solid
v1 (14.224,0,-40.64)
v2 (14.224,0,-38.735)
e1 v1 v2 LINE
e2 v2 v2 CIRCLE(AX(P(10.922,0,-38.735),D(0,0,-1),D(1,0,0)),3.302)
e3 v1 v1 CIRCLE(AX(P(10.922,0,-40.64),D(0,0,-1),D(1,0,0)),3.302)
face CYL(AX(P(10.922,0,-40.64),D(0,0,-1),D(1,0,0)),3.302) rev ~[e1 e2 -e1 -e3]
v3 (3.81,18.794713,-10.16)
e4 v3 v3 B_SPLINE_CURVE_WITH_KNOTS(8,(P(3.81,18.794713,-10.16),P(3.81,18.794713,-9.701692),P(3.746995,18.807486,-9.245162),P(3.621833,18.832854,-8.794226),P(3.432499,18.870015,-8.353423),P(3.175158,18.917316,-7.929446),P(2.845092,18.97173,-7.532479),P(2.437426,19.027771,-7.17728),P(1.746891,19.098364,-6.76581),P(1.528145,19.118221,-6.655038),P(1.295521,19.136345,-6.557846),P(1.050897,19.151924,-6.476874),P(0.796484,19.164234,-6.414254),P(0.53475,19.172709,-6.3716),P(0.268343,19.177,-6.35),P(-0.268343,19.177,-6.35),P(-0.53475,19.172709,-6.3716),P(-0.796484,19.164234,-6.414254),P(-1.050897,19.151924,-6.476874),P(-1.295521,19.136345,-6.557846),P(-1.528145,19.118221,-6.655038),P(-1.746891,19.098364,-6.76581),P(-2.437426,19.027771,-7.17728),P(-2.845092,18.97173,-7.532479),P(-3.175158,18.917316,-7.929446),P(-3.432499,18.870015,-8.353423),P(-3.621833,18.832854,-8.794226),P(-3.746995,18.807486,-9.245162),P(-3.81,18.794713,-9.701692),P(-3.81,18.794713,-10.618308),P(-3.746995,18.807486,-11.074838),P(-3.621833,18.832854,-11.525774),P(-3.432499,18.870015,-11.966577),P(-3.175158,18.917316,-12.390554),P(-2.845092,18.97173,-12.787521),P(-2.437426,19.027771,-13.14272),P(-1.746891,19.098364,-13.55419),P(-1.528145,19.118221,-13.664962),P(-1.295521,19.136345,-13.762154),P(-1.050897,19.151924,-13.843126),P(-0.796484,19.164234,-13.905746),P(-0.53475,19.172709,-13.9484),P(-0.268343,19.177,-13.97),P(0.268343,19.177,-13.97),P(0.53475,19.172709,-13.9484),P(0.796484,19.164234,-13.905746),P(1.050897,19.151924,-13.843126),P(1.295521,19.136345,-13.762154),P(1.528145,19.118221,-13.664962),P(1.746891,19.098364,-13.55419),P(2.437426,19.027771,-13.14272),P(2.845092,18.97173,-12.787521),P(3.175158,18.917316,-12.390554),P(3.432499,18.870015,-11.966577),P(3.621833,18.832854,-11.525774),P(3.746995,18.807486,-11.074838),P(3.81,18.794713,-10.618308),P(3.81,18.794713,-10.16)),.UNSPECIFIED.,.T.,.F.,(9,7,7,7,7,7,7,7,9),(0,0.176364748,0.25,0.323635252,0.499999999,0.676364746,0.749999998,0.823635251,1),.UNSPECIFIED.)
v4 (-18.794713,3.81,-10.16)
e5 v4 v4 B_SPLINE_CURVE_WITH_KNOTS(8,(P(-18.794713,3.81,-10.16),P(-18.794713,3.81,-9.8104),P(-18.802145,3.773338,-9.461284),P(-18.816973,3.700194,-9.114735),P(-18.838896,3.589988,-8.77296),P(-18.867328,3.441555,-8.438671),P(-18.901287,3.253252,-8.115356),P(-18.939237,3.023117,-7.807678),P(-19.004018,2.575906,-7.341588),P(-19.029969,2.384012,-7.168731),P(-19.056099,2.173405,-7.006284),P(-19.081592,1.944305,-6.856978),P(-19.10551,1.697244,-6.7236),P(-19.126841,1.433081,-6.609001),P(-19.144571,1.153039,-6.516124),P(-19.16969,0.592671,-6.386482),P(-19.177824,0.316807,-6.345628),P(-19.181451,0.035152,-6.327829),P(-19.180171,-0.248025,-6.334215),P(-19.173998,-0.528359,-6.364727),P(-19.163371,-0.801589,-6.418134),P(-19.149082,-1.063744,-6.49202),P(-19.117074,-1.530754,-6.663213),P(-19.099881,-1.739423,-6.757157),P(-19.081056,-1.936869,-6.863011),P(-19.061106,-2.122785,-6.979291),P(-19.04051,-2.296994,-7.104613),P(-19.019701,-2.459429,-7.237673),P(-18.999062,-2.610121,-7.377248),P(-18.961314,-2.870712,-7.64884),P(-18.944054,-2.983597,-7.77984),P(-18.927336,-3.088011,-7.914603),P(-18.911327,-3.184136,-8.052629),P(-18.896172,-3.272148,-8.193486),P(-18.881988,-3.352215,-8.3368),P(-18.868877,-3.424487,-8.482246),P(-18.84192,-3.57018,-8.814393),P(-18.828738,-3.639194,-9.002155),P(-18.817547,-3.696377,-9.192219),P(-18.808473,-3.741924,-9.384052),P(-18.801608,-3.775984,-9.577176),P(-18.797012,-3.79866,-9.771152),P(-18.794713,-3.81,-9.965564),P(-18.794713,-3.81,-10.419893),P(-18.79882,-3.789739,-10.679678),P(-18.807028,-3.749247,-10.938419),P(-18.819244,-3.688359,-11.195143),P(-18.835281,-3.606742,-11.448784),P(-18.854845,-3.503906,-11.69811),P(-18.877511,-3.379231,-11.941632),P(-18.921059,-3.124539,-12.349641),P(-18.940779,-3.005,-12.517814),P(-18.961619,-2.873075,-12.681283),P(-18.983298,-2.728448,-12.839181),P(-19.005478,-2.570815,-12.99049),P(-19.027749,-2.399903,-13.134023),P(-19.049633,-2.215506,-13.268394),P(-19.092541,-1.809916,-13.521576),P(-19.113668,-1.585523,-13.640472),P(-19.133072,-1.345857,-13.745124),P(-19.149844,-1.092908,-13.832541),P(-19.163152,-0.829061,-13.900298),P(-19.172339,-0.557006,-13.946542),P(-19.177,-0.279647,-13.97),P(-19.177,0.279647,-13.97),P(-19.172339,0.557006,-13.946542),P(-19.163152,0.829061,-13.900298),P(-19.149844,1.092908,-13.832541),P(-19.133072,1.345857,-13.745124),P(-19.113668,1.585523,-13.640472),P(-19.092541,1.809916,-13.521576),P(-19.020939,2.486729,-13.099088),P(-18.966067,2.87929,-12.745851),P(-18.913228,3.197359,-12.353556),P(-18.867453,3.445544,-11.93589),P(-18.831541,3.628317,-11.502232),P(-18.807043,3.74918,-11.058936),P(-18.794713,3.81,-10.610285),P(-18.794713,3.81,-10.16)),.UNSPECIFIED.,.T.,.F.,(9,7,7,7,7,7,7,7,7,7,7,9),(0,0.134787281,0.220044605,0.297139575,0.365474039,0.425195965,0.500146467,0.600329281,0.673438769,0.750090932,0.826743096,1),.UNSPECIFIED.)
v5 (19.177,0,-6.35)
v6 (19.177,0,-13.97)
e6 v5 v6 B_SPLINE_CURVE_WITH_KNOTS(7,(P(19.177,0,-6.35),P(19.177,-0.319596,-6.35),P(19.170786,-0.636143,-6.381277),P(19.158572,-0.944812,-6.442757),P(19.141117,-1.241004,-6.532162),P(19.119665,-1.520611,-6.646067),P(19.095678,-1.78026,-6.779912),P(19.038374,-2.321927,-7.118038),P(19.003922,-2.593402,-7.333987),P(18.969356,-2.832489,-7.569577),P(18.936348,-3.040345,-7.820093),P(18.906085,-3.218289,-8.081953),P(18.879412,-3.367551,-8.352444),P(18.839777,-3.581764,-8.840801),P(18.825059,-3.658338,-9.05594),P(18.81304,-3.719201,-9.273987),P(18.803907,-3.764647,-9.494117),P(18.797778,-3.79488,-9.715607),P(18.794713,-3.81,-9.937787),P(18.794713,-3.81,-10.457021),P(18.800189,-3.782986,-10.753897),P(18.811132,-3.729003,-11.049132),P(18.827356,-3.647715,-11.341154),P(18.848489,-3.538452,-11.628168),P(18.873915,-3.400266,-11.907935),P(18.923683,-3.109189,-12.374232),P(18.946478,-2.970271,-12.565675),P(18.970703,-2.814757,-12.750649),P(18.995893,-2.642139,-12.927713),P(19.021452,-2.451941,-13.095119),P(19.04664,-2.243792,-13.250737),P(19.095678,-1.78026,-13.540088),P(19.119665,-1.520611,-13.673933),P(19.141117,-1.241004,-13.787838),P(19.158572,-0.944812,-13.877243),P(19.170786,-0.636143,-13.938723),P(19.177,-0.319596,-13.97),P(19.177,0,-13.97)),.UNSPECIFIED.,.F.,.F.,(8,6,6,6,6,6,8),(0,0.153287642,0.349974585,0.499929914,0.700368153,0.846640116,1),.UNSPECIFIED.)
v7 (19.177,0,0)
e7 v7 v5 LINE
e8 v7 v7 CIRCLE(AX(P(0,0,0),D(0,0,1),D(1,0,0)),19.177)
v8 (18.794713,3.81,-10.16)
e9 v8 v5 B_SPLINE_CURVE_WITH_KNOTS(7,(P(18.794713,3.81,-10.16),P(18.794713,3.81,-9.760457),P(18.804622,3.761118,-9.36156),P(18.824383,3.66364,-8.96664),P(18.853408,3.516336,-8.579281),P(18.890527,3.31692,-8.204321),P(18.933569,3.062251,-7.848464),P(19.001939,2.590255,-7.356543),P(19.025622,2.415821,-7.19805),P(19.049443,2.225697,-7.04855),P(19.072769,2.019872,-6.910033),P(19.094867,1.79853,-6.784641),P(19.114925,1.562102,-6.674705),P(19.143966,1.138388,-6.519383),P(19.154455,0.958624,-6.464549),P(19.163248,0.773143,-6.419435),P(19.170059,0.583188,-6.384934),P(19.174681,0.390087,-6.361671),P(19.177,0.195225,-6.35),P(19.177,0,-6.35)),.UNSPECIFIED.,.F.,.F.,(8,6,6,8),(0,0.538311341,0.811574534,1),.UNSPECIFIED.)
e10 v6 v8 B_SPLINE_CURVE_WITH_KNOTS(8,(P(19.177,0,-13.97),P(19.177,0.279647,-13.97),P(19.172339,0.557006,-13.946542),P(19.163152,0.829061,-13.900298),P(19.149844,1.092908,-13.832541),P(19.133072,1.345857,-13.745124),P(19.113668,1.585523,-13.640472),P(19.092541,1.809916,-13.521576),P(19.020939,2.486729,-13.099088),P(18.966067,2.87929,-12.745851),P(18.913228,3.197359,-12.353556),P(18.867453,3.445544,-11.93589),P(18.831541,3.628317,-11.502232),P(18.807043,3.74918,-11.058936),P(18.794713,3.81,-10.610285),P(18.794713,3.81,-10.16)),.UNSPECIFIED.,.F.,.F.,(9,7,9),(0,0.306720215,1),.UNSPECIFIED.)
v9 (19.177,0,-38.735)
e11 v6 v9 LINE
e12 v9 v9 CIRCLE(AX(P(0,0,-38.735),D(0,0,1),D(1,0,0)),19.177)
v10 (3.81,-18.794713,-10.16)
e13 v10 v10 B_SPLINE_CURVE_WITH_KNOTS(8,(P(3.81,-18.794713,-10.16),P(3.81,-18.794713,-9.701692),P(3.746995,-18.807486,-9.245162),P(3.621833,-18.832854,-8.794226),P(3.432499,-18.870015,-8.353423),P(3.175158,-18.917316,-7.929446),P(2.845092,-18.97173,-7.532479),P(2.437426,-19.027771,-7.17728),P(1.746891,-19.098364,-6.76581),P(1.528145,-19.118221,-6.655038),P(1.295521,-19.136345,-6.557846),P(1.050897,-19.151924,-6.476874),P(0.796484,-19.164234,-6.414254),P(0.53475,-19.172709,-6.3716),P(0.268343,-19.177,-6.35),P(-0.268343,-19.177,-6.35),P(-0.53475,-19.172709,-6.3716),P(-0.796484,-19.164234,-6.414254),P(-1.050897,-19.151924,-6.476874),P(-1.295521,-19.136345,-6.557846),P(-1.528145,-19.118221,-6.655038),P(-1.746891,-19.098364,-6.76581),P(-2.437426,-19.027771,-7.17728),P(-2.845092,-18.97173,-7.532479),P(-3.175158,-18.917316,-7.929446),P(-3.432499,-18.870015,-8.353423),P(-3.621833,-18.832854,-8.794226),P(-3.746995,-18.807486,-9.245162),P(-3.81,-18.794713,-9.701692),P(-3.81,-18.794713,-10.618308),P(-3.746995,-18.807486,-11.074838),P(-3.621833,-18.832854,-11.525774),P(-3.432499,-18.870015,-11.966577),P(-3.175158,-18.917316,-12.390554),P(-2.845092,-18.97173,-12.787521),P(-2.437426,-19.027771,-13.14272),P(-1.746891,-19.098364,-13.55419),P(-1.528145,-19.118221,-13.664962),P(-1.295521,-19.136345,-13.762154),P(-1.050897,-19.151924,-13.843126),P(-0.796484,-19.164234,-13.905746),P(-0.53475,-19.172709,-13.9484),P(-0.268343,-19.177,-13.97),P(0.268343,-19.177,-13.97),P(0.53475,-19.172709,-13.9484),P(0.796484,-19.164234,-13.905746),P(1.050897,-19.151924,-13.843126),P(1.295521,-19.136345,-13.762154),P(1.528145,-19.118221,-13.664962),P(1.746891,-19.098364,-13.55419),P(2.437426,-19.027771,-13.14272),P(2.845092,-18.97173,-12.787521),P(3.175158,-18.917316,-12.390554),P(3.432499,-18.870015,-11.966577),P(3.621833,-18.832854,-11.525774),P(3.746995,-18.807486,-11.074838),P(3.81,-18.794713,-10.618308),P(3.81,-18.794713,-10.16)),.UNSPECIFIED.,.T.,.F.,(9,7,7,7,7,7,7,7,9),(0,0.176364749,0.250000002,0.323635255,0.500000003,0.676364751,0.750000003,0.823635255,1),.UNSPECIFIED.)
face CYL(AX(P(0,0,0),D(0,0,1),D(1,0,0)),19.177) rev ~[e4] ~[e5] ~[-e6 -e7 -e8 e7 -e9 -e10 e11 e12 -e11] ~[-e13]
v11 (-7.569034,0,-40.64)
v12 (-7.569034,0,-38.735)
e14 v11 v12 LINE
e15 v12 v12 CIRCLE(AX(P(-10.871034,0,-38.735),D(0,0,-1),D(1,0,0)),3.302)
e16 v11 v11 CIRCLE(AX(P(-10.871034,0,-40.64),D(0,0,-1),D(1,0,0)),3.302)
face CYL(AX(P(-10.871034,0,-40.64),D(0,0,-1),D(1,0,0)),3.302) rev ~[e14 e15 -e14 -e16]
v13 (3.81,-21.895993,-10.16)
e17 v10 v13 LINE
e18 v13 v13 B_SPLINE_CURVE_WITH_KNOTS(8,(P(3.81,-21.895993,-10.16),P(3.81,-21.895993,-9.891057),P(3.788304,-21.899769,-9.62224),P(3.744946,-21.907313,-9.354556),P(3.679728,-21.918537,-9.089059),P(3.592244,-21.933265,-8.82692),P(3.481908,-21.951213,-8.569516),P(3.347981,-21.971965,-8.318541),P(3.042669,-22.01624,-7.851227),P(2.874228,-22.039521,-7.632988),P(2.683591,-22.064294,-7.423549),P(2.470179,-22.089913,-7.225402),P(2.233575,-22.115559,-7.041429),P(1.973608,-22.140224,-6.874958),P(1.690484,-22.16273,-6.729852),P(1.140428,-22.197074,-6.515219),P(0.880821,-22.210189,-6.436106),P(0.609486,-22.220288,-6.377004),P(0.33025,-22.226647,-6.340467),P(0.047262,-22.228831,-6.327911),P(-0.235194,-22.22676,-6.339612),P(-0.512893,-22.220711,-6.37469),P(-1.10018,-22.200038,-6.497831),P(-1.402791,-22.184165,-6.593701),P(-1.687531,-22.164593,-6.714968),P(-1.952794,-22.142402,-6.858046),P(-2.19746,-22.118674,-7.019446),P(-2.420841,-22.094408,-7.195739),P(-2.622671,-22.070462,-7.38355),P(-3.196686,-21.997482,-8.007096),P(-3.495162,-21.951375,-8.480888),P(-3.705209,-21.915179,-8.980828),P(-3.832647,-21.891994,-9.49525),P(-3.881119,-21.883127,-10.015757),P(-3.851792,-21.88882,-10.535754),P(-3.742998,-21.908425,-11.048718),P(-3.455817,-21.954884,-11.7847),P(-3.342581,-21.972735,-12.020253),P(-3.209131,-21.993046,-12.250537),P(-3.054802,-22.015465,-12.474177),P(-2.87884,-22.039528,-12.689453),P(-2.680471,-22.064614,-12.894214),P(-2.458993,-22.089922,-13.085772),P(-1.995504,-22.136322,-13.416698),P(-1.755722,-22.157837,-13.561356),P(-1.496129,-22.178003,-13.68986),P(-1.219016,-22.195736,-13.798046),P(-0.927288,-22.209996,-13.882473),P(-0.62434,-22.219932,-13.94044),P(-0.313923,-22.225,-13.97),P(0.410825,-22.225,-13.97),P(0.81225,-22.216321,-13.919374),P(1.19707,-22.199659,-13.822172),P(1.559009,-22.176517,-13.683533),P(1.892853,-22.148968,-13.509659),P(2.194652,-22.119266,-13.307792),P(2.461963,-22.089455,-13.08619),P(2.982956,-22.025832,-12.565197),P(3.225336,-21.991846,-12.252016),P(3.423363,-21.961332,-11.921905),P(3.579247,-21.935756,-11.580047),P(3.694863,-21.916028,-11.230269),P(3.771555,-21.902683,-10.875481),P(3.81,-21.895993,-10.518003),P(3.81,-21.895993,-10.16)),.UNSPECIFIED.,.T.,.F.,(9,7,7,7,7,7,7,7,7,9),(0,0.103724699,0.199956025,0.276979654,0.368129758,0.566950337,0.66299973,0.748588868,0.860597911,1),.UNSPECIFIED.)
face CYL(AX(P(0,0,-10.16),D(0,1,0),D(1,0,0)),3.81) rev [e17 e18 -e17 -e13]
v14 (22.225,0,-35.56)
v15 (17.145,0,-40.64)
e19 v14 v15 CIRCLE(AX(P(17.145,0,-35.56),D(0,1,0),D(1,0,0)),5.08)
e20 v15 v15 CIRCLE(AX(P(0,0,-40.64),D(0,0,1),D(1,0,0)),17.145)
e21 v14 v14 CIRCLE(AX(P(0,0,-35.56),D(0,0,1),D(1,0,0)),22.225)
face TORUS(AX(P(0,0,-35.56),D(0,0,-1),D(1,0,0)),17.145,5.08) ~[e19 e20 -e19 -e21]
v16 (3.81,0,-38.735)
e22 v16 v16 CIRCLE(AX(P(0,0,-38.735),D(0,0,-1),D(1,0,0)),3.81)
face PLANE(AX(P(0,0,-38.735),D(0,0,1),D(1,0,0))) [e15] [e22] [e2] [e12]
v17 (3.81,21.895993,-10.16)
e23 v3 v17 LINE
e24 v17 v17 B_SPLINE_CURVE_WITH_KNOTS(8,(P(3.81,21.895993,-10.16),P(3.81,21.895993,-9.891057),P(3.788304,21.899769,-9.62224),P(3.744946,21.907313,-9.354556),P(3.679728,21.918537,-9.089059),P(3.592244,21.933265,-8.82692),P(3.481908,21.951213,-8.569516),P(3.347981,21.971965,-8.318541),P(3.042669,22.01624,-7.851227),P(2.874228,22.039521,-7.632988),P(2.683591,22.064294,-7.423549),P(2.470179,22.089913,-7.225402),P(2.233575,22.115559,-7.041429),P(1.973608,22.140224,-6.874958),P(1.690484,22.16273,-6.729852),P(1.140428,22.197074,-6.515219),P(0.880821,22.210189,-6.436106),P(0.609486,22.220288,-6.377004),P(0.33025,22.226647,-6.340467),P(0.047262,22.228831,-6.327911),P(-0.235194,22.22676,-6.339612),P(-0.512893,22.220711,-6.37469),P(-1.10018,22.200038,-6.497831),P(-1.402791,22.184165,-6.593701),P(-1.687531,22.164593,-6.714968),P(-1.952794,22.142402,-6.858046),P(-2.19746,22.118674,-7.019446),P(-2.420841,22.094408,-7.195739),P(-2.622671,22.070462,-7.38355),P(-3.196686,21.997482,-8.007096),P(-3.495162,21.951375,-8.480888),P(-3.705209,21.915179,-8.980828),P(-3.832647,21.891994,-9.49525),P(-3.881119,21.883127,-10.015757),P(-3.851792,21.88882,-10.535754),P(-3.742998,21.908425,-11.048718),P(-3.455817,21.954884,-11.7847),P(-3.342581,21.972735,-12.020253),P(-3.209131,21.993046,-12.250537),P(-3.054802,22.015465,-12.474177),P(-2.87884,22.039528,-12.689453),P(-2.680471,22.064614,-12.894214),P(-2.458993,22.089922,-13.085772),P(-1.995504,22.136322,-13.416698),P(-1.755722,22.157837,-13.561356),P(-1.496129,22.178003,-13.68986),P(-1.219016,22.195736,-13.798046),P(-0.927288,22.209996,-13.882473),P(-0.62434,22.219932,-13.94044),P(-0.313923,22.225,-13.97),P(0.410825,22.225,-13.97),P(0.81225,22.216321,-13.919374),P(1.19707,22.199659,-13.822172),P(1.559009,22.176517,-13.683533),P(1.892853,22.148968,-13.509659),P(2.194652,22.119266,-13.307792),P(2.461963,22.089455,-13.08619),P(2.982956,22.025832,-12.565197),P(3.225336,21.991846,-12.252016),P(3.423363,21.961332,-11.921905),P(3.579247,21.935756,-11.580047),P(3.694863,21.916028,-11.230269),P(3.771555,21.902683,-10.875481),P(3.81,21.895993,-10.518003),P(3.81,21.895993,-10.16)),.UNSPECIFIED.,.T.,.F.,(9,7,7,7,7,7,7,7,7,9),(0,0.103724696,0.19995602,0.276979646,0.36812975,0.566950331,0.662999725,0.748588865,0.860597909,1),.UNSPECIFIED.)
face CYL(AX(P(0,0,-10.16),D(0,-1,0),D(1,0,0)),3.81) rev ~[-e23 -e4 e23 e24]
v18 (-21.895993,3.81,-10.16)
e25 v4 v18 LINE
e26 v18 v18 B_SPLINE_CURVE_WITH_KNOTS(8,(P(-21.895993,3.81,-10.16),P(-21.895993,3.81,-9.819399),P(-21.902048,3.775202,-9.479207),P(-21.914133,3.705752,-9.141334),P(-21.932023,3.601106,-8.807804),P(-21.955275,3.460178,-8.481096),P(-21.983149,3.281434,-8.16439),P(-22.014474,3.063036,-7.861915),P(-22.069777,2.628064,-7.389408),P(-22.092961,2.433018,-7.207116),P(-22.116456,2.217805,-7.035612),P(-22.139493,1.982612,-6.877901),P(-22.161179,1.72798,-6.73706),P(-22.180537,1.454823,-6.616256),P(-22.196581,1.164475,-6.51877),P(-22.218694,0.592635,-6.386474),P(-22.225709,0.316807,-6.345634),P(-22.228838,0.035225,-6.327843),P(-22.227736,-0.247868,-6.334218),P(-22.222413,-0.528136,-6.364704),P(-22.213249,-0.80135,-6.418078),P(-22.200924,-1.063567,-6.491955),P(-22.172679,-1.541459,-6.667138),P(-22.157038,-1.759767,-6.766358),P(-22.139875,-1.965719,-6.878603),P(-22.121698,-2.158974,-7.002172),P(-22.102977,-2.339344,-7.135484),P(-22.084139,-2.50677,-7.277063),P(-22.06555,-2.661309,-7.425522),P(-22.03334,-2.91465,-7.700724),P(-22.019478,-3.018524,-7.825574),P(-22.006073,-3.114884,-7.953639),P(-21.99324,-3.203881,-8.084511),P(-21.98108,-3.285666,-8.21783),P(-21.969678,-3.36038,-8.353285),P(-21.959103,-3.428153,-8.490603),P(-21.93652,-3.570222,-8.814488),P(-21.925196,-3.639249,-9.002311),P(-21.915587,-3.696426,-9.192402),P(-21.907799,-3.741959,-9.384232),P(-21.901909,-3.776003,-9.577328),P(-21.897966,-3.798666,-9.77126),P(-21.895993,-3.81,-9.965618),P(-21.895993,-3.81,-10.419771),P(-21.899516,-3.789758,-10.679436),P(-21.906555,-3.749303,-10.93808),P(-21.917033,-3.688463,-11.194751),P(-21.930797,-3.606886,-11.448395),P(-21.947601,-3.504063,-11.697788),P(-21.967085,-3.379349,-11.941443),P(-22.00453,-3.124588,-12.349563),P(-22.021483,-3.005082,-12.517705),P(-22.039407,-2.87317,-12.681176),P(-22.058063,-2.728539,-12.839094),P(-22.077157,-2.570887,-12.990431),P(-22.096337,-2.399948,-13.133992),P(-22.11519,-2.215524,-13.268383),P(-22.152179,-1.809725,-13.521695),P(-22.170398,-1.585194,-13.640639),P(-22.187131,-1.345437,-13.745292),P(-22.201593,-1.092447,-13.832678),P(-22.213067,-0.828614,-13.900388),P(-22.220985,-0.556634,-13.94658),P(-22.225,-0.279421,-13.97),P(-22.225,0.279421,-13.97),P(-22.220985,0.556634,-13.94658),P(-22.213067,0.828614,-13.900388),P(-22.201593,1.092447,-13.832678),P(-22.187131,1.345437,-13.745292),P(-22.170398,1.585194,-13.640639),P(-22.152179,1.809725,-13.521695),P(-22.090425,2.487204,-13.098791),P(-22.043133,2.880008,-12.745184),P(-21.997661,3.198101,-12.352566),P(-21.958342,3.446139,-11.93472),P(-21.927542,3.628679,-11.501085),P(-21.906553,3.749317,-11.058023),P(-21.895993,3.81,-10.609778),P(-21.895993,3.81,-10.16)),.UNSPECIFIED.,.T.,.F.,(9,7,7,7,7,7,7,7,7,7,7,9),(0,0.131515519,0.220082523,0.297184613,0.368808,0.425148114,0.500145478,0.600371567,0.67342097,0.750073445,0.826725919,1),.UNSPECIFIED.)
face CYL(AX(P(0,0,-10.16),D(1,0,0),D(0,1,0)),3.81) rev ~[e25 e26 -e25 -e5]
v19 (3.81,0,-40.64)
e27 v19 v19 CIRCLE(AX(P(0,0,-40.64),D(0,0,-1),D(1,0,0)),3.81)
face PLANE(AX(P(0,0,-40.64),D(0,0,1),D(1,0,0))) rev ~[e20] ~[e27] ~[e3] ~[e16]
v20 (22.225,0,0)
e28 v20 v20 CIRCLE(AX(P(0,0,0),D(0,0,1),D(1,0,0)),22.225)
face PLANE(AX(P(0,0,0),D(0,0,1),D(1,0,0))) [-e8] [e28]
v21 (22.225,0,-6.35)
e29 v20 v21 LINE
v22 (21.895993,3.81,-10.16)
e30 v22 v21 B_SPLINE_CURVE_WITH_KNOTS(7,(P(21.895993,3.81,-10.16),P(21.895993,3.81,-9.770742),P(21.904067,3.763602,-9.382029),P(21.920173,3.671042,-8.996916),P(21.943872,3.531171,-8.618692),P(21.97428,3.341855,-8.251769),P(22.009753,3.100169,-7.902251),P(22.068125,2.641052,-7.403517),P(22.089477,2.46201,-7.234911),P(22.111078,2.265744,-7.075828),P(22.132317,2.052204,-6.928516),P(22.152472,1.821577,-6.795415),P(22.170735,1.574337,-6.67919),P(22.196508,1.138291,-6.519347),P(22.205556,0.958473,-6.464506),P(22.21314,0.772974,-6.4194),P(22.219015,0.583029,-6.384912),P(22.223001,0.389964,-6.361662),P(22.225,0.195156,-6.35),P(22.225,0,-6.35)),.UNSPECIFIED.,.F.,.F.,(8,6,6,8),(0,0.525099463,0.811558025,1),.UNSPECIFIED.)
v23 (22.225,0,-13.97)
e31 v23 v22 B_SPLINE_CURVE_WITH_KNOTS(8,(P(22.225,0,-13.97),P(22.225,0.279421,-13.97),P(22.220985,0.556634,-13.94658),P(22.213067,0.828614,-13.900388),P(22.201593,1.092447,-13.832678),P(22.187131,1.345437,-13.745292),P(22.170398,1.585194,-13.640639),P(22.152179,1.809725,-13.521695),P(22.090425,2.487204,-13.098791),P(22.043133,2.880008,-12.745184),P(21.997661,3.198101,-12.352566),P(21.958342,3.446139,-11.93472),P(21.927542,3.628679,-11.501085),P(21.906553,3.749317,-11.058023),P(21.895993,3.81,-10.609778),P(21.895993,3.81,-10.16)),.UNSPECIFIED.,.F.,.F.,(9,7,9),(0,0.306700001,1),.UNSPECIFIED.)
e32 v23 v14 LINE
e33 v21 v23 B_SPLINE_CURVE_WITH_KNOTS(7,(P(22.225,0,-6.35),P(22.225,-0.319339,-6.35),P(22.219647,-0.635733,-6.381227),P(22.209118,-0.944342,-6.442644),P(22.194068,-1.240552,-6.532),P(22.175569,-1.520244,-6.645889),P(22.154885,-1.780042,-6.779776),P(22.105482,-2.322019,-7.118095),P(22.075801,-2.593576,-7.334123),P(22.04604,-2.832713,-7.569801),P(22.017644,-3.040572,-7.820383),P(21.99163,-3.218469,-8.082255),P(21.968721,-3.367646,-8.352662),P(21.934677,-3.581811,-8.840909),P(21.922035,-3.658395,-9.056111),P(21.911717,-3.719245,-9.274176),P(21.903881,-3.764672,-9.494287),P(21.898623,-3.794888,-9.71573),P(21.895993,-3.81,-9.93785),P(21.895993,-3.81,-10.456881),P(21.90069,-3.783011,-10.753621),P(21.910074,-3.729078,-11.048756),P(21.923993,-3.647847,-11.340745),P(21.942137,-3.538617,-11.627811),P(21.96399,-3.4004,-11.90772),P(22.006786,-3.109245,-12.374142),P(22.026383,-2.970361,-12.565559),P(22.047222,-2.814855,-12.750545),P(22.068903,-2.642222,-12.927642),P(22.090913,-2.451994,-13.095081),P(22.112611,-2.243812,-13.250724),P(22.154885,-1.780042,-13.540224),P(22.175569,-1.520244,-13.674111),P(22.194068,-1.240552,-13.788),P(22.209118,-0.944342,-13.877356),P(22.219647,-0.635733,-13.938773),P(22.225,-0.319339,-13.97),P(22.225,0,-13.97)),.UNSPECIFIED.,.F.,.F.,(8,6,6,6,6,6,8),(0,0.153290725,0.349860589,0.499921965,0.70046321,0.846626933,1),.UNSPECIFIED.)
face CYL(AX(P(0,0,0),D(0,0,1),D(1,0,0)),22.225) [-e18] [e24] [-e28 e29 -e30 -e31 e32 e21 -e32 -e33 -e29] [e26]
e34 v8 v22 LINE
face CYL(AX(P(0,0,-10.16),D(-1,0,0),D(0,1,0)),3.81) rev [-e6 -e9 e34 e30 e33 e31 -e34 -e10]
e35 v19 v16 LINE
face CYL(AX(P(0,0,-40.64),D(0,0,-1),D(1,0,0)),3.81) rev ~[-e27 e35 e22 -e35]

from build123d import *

# Parameters (mm, degrees)
F0_R          = 22.225
F1_DEPTH      = 40.64
F2_R          = 3.81
F3_DEPTH      = 40.641
F4_R          = 3.81
F5_DEPTH      = 22.226
F5_DEPTH_BACK = 22.226
F6_R          = 3.81
F7_DEPTH      = 22.2260001
F7_DEPTH_BACK = 22.2260001
F8_R          = 3.302
F9_DEPTH      = 40.6410001
F10_R         = 19.177
F11_DEPTH     = 38.735
F12_R         = 5.08


with BuildPart() as f1:
    # F0 (on Top) → F1 (new body)
    with BuildSketch(Plane.XY):
        Circle(F0_R)
    extrude(amount=-F1_DEPTH)

    # F2 (on face) → F3 (cut, through all)
    with BuildSketch(Plane(origin=(0, 0, -40.64), x_dir=(1, 0, 0), z_dir=(0, 0, -1))):
        Circle(F2_R)
    extrude(amount=-F3_DEPTH, mode=Mode.SUBTRACT)

    # F4 (on Right) → F5 (cut, two sides)
    with BuildSketch(Plane.YZ) as f5_sk:
        with Locations((0, -10.16)):
            Circle(F4_R)
    extrude(amount=-F5_DEPTH, mode=Mode.SUBTRACT)
    extrude(f5_sk.sketch, amount=F5_DEPTH_BACK, mode=Mode.SUBTRACT)

    # F6 (on Front) → F7 (cut, two sides)
    with BuildSketch(Plane.XZ) as f7_sk:
        with Locations((0, -10.16)):
            Circle(F6_R)
    extrude(amount=-F7_DEPTH, mode=Mode.SUBTRACT)
    extrude(f7_sk.sketch, amount=F7_DEPTH_BACK, mode=Mode.SUBTRACT)

    # F8 (on face) → F9 (cut, through all)
    with BuildSketch(Plane(origin=(0, 0, -40.64), x_dir=(1, 0, 0), z_dir=(0, 0, -1))):
        with Locations((10.922, 0)):
            Circle(F8_R)
        with Locations((-10.8710342307, 0)):
            Circle(F8_R)
    extrude(amount=-F9_DEPTH, mode=Mode.SUBTRACT)

    # F10 (on face) → F11 (cut)
    with BuildSketch(Plane.XY):
        Circle(F10_R)
    extrude(amount=-F11_DEPTH, mode=Mode.SUBTRACT)

    # F12
    f12_edges = [f1.edges().sort_by_distance(p)[0] for p in [
        (-22.225, 0, -40.64),
    ]]
    fillet(f12_edges, radius=F12_R)


solid = f1.part
